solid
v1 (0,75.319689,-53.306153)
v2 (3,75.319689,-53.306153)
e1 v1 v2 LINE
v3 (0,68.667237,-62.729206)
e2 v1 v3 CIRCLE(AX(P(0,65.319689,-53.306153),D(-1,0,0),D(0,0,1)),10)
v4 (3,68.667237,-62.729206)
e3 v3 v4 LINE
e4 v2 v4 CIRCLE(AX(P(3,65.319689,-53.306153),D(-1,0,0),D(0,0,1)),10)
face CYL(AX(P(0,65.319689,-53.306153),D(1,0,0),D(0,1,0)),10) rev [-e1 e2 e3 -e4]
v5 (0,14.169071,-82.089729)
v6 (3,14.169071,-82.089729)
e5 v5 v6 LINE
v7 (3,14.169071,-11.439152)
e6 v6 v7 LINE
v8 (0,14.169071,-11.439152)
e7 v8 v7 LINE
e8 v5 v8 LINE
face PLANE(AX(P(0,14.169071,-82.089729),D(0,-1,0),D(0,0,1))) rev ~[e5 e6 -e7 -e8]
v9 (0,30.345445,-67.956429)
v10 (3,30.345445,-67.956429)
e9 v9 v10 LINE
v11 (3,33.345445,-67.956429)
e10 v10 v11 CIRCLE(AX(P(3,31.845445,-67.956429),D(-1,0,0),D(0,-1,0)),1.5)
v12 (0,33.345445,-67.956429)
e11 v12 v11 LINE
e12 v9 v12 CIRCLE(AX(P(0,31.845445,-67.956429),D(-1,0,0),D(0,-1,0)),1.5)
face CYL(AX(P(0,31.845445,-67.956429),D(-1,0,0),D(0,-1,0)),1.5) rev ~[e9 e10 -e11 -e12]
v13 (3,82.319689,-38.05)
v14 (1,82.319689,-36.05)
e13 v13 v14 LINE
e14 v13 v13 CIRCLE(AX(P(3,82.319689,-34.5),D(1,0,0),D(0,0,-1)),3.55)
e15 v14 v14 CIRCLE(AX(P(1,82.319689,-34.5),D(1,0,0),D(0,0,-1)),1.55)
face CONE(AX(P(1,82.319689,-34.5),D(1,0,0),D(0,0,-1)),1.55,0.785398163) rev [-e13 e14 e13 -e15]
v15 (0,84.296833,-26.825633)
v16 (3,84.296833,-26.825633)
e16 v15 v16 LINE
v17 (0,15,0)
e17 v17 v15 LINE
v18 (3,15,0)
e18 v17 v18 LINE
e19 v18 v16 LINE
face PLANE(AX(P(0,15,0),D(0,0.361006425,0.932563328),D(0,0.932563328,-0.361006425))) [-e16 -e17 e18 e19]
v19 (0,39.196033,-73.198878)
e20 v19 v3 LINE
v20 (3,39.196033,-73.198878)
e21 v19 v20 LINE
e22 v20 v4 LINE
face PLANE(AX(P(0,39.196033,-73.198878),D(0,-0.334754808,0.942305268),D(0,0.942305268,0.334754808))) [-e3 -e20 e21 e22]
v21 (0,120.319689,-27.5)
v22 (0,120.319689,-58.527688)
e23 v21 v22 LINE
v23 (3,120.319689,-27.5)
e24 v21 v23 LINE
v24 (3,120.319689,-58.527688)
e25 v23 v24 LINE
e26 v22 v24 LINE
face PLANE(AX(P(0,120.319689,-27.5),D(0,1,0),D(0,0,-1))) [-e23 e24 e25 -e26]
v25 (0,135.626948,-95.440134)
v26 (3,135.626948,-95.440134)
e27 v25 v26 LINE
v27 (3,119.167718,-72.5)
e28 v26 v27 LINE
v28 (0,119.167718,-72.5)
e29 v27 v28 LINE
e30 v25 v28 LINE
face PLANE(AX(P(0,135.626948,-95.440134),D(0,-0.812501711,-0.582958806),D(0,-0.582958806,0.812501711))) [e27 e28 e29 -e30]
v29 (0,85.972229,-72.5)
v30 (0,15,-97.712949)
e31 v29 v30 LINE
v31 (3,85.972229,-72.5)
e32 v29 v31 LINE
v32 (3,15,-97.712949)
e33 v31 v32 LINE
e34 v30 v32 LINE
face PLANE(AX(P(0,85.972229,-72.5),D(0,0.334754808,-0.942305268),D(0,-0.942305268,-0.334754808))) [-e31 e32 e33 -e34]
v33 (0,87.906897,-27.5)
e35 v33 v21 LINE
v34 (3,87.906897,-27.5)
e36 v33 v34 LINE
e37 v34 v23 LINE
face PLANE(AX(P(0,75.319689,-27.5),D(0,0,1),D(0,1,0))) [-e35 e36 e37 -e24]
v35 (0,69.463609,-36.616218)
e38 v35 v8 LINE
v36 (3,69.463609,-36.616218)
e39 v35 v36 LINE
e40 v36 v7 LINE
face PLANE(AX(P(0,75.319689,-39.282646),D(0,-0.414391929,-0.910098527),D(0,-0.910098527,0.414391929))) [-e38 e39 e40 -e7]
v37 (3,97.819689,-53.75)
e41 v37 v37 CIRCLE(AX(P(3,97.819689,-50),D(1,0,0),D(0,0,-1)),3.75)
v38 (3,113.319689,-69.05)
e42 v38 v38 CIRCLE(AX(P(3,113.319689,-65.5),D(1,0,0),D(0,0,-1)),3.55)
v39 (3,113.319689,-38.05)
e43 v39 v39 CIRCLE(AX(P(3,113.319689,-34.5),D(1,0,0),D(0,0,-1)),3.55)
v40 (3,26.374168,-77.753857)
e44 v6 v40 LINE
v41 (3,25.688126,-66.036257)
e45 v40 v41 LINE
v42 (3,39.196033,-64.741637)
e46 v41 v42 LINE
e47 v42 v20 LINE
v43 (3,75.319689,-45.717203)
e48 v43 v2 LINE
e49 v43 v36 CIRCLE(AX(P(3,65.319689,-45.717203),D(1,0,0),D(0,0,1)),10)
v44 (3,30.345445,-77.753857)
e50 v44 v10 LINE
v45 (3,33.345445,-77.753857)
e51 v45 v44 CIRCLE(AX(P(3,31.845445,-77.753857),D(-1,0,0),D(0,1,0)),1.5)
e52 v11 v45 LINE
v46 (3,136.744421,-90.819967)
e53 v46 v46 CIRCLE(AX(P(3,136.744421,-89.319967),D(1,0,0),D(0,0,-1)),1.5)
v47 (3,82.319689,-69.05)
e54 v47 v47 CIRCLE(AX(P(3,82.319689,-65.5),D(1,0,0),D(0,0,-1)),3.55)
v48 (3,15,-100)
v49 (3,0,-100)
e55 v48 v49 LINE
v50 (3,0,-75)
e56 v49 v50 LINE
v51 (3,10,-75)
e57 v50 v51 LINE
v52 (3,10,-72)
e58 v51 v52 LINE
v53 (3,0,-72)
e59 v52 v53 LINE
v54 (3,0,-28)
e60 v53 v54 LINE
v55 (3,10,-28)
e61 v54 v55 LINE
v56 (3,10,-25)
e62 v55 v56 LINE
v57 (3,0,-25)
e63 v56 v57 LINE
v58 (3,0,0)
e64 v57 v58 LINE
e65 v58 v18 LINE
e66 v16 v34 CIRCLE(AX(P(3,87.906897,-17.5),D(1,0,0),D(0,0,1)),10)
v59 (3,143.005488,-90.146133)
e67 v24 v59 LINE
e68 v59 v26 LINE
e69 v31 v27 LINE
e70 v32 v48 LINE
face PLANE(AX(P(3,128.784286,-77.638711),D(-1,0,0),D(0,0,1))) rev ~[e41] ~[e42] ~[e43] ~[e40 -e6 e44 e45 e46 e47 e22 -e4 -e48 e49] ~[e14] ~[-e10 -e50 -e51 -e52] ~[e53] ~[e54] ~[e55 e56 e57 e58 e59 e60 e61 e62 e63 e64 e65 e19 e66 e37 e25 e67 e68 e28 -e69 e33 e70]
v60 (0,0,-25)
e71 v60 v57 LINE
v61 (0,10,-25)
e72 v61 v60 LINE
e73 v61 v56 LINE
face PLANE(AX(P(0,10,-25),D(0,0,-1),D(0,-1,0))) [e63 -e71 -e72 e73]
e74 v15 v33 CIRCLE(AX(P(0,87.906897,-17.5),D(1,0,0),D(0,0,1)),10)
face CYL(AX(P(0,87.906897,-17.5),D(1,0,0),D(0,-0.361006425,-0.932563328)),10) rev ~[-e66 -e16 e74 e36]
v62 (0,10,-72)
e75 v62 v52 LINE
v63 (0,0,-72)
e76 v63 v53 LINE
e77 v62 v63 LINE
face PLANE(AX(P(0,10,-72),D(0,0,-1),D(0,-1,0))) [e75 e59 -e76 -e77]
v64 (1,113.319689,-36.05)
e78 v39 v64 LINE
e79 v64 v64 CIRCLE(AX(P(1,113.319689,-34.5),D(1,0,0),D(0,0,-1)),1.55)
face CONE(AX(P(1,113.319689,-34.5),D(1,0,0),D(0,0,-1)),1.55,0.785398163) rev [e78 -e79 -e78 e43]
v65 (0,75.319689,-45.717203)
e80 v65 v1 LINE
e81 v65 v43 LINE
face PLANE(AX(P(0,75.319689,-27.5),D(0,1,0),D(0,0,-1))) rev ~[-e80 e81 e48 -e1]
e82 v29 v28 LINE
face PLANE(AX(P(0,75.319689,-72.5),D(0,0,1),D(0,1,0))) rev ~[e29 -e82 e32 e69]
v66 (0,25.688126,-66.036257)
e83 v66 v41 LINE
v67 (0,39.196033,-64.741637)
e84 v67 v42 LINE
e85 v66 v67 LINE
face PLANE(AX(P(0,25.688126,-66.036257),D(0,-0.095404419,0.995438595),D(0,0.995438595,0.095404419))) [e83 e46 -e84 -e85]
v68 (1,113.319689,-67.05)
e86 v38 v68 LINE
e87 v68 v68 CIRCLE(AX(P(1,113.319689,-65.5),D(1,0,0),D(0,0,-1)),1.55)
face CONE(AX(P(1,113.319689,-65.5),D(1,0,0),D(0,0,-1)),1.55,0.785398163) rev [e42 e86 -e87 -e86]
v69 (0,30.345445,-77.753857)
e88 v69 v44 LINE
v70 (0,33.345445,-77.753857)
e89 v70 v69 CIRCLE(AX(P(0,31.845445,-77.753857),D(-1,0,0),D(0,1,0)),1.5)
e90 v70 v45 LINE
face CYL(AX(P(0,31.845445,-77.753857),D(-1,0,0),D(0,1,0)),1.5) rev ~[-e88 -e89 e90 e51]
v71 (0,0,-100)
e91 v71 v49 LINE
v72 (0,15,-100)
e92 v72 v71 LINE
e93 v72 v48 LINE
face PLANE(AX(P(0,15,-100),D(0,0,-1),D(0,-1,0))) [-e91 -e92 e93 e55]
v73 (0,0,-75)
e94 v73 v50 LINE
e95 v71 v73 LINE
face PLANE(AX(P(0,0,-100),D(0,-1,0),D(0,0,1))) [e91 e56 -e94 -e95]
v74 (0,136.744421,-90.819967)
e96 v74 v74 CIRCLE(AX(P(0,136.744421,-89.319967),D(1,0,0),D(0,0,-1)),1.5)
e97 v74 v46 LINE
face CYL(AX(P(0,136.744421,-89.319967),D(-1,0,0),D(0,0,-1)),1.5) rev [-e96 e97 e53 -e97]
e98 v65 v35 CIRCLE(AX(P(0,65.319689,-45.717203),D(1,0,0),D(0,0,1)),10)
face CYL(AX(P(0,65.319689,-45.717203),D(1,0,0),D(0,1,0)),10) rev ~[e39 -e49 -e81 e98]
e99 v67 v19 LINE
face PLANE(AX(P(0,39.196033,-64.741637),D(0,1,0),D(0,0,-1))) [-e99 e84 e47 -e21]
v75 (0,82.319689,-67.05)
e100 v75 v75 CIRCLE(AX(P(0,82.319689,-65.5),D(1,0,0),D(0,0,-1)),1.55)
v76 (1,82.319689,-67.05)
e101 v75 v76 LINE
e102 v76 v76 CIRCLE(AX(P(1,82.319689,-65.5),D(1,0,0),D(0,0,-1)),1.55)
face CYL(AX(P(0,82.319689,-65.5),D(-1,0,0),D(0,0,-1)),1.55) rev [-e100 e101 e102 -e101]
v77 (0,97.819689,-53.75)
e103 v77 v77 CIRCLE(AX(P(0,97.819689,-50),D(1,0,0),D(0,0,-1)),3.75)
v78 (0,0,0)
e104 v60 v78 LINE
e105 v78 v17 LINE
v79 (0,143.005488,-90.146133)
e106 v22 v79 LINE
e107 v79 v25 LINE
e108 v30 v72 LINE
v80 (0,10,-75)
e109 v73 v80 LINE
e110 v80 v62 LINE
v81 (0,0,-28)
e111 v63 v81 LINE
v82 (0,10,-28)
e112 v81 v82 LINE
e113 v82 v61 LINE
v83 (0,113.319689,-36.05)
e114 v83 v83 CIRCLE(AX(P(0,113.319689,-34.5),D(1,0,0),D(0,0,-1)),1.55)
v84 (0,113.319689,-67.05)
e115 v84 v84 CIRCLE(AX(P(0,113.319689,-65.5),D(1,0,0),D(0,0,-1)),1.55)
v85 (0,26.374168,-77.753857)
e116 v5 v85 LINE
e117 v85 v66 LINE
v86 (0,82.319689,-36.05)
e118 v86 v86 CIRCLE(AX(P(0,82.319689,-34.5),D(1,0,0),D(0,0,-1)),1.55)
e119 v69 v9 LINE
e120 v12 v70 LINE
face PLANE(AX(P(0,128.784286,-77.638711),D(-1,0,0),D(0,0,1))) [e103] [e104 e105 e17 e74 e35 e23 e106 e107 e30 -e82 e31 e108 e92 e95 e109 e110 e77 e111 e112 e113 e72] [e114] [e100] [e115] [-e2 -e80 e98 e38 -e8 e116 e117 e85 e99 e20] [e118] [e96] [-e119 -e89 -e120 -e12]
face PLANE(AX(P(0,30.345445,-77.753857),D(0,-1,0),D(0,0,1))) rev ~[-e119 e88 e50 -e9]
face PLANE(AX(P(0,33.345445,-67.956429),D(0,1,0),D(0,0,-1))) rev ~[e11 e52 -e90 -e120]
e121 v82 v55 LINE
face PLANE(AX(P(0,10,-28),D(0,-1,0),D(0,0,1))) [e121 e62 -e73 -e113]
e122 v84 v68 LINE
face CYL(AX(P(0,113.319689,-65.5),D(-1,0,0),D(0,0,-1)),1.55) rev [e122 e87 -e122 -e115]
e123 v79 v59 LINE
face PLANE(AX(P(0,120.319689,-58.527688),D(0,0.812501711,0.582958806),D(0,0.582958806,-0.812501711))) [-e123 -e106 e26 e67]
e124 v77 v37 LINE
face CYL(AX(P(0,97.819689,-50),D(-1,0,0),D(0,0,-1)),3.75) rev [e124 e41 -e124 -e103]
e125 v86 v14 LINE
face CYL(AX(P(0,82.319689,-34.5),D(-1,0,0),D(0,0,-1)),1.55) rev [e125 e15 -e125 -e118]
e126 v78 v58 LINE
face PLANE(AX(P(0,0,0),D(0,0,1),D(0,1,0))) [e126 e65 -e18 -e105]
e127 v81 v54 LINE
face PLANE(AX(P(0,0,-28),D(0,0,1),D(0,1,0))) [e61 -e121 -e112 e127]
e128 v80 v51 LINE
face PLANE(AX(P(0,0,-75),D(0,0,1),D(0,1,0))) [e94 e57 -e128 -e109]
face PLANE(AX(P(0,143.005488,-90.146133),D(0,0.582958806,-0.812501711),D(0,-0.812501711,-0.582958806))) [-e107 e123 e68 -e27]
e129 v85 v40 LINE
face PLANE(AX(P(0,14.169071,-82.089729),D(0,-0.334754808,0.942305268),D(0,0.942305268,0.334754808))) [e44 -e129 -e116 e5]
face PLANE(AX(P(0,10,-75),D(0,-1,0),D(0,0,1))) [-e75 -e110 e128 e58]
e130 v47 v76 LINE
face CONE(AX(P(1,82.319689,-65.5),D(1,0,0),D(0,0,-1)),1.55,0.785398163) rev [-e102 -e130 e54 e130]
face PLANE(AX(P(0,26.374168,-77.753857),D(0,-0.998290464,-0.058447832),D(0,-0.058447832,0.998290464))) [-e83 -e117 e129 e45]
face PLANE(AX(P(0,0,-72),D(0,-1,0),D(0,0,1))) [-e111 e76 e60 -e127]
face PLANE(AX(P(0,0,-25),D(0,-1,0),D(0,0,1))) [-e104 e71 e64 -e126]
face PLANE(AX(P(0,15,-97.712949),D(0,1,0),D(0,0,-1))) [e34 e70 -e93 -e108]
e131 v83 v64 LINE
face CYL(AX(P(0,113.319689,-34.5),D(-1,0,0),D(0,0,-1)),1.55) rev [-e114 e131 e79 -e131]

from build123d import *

# Parameters (mm, degrees)
SKETCH1_W           = 45
SKETCH1_H           = 45
SKETCH1_R           = 1.55
SKETCH1_R_2         = 3.75
SKETCH1_R_3         = 1.5
BOSS_EXTRUDE2_DEPTH = 3
CHAMFER1_SIZE       = 2
FILLET2_R           = 10


with BuildPart() as part:
    # Sketch1 → Boss-Extrude2 (new body)
    # profile 1 of 3: a face of its own
    with BuildSketch(Plane(origin=(0, 0, 0), x_dir=(0, 0, -1), z_dir=(1, 0, 0))):
        Polygon((0, 15), (27.5, 86.038878339), (39.282646226, 75.31968933), (11.439152216, 14.16907058), (50, 14.16907058), (82.089729195, 14.16907058), (77.753857358, 26.374167507), (66.036256754, 25.688126343), (64.741637437, 39.196033454), (73.198877763, 39.196033454), (60.365916003, 75.31968933), (72.5, 85.972228566), (97.712949054, 15), (100, 15), (100, 0), (75, 0), (75, 10), (72, 10), (72, 0), (28, 0), (28, 10), (25, 10), (25, 0), (0, 0), align=None)
        with BuildLine():
            Line((67.956429084, 33.345444875), (77.753857358, 33.345444875))
            ThreePointArc((77.753857358, 33.345444875), (79.253857358, 31.845444875), (77.753857358, 30.345444875))
            Line((77.753857358, 30.345444875), (67.956429084, 30.345444875))
            ThreePointArc((67.956429084, 30.345444875), (66.456429084, 31.845444875), (67.956429084, 33.345444875))
        make_face(mode=Mode.SUBTRACT)
    # profile 2 of 3: a face of its own
    with BuildSketch(Plane(origin=(0, 0, 0), x_dir=(0, 0, -1), z_dir=(1, 0, 0))):
        with Locations((50, 97.81968933)):
            Rectangle(SKETCH1_W, SKETCH1_H)
        with Locations((34.5, 82.31968933)):
            Circle(SKETCH1_R, mode=Mode.SUBTRACT)
        with Locations((65.5, 82.31968933)):
            Circle(SKETCH1_R, mode=Mode.SUBTRACT)
        with Locations((65.5, 113.31968933)):
            Circle(SKETCH1_R, mode=Mode.SUBTRACT)
        with Locations((34.5, 113.31968933)):
            Circle(SKETCH1_R, mode=Mode.SUBTRACT)
        with Locations((50, 97.81968933)):
            Circle(SKETCH1_R_2, mode=Mode.SUBTRACT)
    # profile 3 of 3: a face of its own
    with BuildSketch(Plane(origin=(0, 0, 0), x_dir=(0, 0, -1), z_dir=(1, 0, 0))):
        Polygon((58.527688318, 120.31968933), (90.14613276, 143.005488448), (95.440133744, 135.626948458), (68.383623973, 116.214274737), align=None)
        with Locations((89.319967142, 136.74442097)):
            Circle(SKETCH1_R_3, mode=Mode.SUBTRACT)
    extrude(amount=BOSS_EXTRUDE2_DEPTH)

    # Chamfer1
    chamfer1_edges = [part.edges().sort_by_distance(p)[0] for p in [
        (3, 82.31968933, -32.95),
        (3, 113.31968933, -32.95),
        (3, 113.31968933, -63.95),
        (3, 82.31968933, -63.95),
    ]]
    chamfer(chamfer1_edges, length=CHAMFER1_SIZE)

    # Fillet2
    fillet2_edges = [part.edges().sort_by_distance(p)[0] for p in [
        (1.5, 86.038878339, -27.5),
        (1.5, 75.31968933, -60.365916003),
        (1.5, 75.31968933, -39.282646226),
    ]]
    fillet(fillet2_edges, radius=FILLET2_R)


solid = part.part
